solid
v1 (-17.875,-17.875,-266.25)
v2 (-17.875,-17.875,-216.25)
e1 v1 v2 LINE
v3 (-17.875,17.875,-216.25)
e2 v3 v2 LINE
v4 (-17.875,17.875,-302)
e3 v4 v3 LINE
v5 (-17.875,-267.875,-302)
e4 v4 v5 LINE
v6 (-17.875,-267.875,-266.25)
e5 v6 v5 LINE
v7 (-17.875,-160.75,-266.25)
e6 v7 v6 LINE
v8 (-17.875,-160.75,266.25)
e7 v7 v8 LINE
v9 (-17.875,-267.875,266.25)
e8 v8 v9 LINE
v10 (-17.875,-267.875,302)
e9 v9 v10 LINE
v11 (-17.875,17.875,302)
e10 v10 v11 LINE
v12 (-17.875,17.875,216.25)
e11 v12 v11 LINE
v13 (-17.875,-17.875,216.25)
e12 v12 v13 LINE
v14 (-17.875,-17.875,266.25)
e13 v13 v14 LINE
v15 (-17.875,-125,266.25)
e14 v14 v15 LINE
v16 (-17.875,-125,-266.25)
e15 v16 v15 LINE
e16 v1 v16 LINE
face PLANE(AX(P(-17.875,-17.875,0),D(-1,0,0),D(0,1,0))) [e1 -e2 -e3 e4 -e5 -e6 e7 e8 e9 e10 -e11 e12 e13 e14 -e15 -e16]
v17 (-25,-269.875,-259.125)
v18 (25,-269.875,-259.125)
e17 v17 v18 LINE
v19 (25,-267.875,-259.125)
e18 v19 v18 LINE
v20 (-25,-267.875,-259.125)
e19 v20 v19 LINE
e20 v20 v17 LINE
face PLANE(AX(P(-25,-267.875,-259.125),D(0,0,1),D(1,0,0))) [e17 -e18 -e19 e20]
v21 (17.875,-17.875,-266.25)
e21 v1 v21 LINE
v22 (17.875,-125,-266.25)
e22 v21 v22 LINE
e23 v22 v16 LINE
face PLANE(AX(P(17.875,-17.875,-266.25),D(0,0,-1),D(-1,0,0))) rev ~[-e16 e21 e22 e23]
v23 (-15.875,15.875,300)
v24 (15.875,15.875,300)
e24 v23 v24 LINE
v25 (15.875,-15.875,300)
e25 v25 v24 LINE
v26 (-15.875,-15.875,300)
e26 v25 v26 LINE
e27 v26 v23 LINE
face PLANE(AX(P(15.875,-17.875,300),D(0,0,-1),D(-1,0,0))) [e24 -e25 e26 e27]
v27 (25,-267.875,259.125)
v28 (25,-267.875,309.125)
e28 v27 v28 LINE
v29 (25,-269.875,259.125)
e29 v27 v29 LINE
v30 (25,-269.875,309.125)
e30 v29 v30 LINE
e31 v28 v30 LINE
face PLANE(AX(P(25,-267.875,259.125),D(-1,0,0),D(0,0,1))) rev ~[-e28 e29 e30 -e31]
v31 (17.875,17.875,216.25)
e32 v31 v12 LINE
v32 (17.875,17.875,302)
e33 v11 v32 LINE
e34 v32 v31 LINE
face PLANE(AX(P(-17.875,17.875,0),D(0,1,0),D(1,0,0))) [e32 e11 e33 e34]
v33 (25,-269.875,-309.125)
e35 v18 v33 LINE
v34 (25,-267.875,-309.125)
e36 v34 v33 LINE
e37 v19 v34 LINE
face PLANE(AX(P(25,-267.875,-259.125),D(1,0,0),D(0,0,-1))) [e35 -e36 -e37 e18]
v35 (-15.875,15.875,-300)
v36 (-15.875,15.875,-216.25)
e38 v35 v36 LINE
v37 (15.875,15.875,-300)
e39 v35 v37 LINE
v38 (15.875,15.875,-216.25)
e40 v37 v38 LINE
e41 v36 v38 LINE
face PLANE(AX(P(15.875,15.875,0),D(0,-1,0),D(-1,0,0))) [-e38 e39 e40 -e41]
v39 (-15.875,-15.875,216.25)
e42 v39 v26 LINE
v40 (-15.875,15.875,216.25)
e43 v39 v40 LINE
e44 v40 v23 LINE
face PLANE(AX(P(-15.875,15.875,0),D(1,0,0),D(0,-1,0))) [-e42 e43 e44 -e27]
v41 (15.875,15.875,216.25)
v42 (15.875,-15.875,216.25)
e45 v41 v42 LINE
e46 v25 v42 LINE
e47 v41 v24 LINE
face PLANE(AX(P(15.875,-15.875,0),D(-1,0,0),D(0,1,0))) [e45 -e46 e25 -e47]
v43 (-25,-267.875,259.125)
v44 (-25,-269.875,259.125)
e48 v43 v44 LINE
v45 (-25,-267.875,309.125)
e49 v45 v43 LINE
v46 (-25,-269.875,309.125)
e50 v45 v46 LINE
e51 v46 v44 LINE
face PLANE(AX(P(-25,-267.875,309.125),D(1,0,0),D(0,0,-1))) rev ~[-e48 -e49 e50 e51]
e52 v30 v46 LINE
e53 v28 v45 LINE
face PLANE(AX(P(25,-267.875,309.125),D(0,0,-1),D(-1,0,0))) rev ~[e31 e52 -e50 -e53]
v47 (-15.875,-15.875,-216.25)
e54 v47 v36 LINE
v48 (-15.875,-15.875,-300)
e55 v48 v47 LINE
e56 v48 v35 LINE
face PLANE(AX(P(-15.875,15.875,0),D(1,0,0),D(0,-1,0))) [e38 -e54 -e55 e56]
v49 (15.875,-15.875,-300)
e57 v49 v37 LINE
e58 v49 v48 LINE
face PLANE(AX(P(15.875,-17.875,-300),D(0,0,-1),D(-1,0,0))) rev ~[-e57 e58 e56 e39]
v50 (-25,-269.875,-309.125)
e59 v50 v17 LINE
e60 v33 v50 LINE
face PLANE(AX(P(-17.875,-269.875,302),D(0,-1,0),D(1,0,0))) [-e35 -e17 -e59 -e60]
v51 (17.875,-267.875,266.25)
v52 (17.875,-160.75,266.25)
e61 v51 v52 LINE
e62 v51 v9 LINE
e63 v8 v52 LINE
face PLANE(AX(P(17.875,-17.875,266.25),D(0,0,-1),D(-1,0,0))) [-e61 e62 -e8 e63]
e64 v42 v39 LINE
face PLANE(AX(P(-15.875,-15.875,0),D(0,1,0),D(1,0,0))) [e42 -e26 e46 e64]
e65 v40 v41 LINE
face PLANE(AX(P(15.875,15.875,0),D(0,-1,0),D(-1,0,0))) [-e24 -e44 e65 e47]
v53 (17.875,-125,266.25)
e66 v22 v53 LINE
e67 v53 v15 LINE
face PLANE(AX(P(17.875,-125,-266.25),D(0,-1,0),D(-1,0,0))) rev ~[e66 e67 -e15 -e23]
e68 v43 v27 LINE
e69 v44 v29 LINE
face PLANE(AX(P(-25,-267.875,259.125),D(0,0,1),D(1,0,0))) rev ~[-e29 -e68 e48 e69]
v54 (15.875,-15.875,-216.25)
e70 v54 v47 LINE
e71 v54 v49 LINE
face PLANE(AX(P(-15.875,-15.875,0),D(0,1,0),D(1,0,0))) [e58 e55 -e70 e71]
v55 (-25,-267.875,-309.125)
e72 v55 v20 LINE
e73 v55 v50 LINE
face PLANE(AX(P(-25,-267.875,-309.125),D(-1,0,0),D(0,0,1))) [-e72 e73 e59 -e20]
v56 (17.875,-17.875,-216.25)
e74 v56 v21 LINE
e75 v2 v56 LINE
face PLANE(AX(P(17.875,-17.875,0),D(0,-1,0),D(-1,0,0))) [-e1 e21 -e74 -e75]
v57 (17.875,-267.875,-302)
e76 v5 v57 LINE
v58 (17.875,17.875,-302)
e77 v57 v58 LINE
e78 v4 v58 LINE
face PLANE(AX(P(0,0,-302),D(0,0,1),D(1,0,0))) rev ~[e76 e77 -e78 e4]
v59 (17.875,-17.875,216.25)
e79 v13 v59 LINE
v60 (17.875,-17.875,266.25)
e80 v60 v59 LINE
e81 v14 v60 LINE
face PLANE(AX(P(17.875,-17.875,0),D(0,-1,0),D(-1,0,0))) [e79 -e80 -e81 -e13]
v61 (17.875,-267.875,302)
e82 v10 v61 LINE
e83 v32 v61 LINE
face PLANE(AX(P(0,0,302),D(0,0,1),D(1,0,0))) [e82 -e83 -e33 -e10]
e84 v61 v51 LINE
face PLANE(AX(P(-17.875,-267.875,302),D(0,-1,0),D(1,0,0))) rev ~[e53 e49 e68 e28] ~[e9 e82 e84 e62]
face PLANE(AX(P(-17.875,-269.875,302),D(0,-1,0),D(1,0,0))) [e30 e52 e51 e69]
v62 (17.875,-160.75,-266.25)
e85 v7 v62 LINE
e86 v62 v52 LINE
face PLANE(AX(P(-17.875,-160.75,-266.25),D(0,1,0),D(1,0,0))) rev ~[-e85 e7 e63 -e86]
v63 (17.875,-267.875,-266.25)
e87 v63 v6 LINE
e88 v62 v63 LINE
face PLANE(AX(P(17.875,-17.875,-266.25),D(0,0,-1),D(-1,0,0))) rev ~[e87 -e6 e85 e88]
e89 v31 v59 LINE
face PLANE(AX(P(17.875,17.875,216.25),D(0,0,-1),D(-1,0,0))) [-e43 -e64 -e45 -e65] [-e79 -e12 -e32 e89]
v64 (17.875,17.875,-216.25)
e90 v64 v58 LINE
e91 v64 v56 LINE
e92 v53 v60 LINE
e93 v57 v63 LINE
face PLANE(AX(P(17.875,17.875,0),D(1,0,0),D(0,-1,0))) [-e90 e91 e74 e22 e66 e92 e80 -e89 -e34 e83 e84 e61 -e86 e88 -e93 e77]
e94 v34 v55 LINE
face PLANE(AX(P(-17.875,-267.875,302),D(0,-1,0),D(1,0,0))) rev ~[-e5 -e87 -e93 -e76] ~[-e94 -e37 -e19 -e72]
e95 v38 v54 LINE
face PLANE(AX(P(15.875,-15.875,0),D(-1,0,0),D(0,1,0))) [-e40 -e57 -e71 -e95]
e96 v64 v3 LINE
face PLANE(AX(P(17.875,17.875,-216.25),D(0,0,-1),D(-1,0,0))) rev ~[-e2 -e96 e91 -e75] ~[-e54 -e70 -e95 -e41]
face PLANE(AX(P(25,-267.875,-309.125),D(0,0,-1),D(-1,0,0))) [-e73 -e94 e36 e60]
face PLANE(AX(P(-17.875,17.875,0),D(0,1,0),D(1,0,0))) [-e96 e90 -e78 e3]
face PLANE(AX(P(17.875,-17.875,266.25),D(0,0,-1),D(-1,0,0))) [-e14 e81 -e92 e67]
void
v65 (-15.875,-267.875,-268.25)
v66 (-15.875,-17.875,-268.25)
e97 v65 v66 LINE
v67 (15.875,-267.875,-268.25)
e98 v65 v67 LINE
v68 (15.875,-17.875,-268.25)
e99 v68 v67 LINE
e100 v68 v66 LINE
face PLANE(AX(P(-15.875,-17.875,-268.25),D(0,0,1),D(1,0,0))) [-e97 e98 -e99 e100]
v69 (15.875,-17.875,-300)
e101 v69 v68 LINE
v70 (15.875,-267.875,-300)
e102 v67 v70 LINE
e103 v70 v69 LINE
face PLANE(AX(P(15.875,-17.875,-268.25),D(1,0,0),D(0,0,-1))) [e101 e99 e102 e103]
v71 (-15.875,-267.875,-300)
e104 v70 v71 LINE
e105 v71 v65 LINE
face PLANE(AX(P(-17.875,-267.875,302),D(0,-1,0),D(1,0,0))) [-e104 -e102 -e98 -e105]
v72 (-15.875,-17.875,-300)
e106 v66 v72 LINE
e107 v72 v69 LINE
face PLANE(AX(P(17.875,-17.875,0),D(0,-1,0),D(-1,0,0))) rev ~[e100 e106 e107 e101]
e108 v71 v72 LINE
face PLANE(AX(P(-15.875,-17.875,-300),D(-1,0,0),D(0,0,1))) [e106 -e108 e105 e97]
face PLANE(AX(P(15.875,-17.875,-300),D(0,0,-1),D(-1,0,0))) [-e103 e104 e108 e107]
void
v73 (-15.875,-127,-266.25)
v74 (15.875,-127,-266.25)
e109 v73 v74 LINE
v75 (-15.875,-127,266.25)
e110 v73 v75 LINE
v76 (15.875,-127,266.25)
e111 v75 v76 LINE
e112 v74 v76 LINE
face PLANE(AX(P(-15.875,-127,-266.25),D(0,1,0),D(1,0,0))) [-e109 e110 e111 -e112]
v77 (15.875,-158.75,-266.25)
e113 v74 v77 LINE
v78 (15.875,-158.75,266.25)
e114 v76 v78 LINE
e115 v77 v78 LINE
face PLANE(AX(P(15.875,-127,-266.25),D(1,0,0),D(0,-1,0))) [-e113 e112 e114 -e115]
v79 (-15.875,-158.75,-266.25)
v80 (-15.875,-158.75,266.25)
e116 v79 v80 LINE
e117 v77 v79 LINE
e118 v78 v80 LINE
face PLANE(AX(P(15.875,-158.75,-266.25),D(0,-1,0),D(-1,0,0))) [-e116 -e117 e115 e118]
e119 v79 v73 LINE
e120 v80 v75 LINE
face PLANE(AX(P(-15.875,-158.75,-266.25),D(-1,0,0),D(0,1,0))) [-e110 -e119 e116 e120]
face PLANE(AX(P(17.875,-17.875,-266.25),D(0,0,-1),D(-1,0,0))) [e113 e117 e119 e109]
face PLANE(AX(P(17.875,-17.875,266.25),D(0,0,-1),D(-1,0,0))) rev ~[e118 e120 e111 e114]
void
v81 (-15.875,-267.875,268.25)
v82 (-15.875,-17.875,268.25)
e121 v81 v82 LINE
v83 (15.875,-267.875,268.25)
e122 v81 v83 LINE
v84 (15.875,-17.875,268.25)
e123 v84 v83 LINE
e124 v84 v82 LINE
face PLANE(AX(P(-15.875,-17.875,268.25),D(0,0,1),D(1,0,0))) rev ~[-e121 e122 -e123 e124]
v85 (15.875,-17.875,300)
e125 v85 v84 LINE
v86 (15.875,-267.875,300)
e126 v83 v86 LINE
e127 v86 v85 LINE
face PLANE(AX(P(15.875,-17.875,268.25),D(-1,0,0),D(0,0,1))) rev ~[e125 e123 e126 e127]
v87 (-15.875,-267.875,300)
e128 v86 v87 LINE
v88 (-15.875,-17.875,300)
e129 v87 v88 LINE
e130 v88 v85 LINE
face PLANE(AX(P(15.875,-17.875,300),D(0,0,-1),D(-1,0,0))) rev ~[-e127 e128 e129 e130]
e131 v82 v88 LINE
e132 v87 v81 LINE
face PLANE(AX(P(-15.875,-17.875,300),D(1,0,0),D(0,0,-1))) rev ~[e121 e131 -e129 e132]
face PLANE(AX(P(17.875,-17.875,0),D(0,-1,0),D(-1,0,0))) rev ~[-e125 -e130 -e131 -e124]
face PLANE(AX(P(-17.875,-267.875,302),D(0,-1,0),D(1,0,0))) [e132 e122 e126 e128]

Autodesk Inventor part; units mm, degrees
ref_plane "YZ Plane" through (0, 0, 0) normal (1, 0, 0) x (0, 1, 0)
ref_plane "XZ Plane" through (0, 0, 0) normal (0, 1, 0) x (-1, 0, 0)
ref_plane "XY Plane" through (0, 0, 0) normal (0, 0, 1) x (1, 0, 0)
sketch "Boceto1" plane through (0, 0, 0) normal (0, 0, 1) x (1, 0, 0)
  line L0 (-15.875, -15.875) -> (15.875, -15.875)
  line L1 (15.875, -15.875) -> (15.875, 15.875)
  line L2 (15.875, 15.875) -> (-15.875, 15.875)
  line L3 (-15.875, 15.875) -> (-15.875, -15.875)
  line L4 (-15.875, -15.875) -> (15.875, 15.875) construction
  line L5 (15.875, -15.875) -> (-15.875, 15.875) construction
  line L6 (-17.875, 17.875) -> (17.875, 17.875)
  line L7 (17.875, 17.875) -> (17.875, -17.875)
  line L8 (17.875, -17.875) -> (-17.875, -17.875)
  line L9 (-17.875, -17.875) -> (-17.875, 17.875)
  point P0 (0, 0)
  dimension "d0" = 31.75
  dimension "d1" = 31.75
  dimension "d2" = 2
extrude "Extrusión1" add sketch "Boceto1" along normal mid plane 604
sketch "Boceto2" plane through (-17.875, -17.875, 302) normal (0, -1, 0) x (1, 0, 0)
  line L0 (0, 0) -> (35.75, 0) projected
  line L1 (0, 0) -> (35.75, 0)
  line L2 (35.75, 0) -> (35.75, -35.75)
  line L3 (35.75, -35.75) -> (0, -35.75)
  line L4 (0, -35.75) -> (0, 0)
  line L5 (33.75, -33.75) -> (33.75, -2)
  line L6 (33.75, -2) -> (2, -2)
  line L7 (2, -2) -> (2, -33.75)
  line L8 (2, -33.75) -> (33.75, -33.75)
  line L9 (35.75, -604) -> (35.75, 0) projected
  line L10 (0, -604) -> (35.75, -604)
  line L11 (35.75, -604) -> (35.75, -568.25)
  line L12 (35.75, -568.25) -> (0, -568.25)
  line L13 (0, -568.25) -> (0, -604)
  line L14 (33.75, -570.25) -> (33.75, -602)
  line L15 (33.75, -602) -> (2, -602)
  line L16 (2, -602) -> (2, -570.25)
  line L17 (2, -570.25) -> (33.75, -570.25)
  point P0 (17.875, -302)
  dimension "d5" = 35.75
  dimension "d6" = 35.75
  dimension "d7" = 2
extrude "Extrusión2" add sketch "Boceto2" along normal blind 250 and the other way blind 35.75
sketch "Boceto3" plane through (-17.875, -17.875, -266.25) normal (0, 0, 1) x (1, 0, 0)
  line L0 (35.75, 35.75) -> (35.75, -250) projected
  line L1 (35.75, -107.125) -> (0, -107.125)
  line L2 (0, -107.125) -> (0, -142.875)
  line L3 (0, -142.875) -> (35.75, -142.875)
  line L4 (35.75, -142.875) -> (35.75, -107.125)
  line L5 (2, -109.125) -> (33.75, -109.125)
  line L6 (33.75, -109.125) -> (33.75, -140.875)
  line L7 (33.75, -140.875) -> (2, -140.875)
  line L8 (2, -140.875) -> (2, -109.125)
  point P0 (17.875, 17.875)
  point P1 (35.75, -142.875)
  dimension "d12" = 35.75
  dimension "d13" = 35.75
  dimension "d14" = 2
extrude "Extrusión3" add sketch "Boceto3" along normal blind 532.5
sketch "Boceto4" plane through (-17.875, 17.875, 302) normal (0, 1, 0) x (1, 0, 0)
  line L0 (0, 568.25) -> (35.75, 568.25) projected
  line L1 (35.75, 604) -> (35.75, 0) projected
  line L2 (35.75, 518.25) -> (0, 518.25)
  line L3 (0, 604) -> (0, 0) projected
  line L4 (17.875, 302) -> (67.1432, 302)
  line L5 (35.75, 85.75) -> (0, 85.75)
  line L6 (0, 518.25) -> (0, 85.75)
  line L7 (35.75, 85.75) -> (35.75, 518.25)
  dimension "d17" = 50
extrude "Extrusión4" cut sketch "Boceto4" against normal blind 40 contours L2 L1 L5 L3
sketch "Boceto5" plane through (-17.875, -267.875, 302) normal (0, -1, 0) x (1, 0, 0)
  line L0 (33.75, -33.75) -> (33.75, -2) projected
  line L1 (33.75, -2) -> (2, -2) projected
  line L2 (-7.125, -42.875) -> (42.875, -42.875)
  line L3 (42.875, -42.875) -> (42.875, 7.125)
  line L4 (42.875, 7.125) -> (-7.125, 7.125)
  line L5 (-7.125, 7.125) -> (-7.125, -42.875)
  line L6 (-7.125, -42.875) -> (42.875, 7.125) construction
  line L7 (42.875, -42.875) -> (-7.125, 7.125) construction
  line L8 (-7.125, -561.125) -> (42.875, -561.125)
  line L9 (42.875, -561.125) -> (42.875, -611.125)
  line L10 (42.875, -611.125) -> (-7.125, -611.125)
  line L11 (-7.125, -611.125) -> (-7.125, -561.125)
  point P0 (17.875, -302)
  point P1 (17.875, -17.875)
  dimension "d20" = 50
  dimension "d21" = 50
extrude "Extrusión5" add sketch "Boceto5" along normal blind 2
sketch "Boceto6" plane through (-15.875, -15.875, -266.25) normal (0, 0, 1) x (1, 0, 0)
  line L0 (0, 31.75) -> (31.75, 31.75) projected
  line L1 (31.75, 31.75) -> (31.75, 0) projected
  line L2 (0, 31.75) -> (31.75, 31.75)
  line L3 (31.75, 31.75) -> (31.75, 0)
  line L4 (31.75, 0) -> (0, 0)
  line L5 (0, 0) -> (0, 31.75)
  point P0 (15.875, 15.875)
extrude "Extrusión6" cut sketch "Boceto6" along normal blind 550 and the other way blind 10
properties part number "Soporte_altura"
